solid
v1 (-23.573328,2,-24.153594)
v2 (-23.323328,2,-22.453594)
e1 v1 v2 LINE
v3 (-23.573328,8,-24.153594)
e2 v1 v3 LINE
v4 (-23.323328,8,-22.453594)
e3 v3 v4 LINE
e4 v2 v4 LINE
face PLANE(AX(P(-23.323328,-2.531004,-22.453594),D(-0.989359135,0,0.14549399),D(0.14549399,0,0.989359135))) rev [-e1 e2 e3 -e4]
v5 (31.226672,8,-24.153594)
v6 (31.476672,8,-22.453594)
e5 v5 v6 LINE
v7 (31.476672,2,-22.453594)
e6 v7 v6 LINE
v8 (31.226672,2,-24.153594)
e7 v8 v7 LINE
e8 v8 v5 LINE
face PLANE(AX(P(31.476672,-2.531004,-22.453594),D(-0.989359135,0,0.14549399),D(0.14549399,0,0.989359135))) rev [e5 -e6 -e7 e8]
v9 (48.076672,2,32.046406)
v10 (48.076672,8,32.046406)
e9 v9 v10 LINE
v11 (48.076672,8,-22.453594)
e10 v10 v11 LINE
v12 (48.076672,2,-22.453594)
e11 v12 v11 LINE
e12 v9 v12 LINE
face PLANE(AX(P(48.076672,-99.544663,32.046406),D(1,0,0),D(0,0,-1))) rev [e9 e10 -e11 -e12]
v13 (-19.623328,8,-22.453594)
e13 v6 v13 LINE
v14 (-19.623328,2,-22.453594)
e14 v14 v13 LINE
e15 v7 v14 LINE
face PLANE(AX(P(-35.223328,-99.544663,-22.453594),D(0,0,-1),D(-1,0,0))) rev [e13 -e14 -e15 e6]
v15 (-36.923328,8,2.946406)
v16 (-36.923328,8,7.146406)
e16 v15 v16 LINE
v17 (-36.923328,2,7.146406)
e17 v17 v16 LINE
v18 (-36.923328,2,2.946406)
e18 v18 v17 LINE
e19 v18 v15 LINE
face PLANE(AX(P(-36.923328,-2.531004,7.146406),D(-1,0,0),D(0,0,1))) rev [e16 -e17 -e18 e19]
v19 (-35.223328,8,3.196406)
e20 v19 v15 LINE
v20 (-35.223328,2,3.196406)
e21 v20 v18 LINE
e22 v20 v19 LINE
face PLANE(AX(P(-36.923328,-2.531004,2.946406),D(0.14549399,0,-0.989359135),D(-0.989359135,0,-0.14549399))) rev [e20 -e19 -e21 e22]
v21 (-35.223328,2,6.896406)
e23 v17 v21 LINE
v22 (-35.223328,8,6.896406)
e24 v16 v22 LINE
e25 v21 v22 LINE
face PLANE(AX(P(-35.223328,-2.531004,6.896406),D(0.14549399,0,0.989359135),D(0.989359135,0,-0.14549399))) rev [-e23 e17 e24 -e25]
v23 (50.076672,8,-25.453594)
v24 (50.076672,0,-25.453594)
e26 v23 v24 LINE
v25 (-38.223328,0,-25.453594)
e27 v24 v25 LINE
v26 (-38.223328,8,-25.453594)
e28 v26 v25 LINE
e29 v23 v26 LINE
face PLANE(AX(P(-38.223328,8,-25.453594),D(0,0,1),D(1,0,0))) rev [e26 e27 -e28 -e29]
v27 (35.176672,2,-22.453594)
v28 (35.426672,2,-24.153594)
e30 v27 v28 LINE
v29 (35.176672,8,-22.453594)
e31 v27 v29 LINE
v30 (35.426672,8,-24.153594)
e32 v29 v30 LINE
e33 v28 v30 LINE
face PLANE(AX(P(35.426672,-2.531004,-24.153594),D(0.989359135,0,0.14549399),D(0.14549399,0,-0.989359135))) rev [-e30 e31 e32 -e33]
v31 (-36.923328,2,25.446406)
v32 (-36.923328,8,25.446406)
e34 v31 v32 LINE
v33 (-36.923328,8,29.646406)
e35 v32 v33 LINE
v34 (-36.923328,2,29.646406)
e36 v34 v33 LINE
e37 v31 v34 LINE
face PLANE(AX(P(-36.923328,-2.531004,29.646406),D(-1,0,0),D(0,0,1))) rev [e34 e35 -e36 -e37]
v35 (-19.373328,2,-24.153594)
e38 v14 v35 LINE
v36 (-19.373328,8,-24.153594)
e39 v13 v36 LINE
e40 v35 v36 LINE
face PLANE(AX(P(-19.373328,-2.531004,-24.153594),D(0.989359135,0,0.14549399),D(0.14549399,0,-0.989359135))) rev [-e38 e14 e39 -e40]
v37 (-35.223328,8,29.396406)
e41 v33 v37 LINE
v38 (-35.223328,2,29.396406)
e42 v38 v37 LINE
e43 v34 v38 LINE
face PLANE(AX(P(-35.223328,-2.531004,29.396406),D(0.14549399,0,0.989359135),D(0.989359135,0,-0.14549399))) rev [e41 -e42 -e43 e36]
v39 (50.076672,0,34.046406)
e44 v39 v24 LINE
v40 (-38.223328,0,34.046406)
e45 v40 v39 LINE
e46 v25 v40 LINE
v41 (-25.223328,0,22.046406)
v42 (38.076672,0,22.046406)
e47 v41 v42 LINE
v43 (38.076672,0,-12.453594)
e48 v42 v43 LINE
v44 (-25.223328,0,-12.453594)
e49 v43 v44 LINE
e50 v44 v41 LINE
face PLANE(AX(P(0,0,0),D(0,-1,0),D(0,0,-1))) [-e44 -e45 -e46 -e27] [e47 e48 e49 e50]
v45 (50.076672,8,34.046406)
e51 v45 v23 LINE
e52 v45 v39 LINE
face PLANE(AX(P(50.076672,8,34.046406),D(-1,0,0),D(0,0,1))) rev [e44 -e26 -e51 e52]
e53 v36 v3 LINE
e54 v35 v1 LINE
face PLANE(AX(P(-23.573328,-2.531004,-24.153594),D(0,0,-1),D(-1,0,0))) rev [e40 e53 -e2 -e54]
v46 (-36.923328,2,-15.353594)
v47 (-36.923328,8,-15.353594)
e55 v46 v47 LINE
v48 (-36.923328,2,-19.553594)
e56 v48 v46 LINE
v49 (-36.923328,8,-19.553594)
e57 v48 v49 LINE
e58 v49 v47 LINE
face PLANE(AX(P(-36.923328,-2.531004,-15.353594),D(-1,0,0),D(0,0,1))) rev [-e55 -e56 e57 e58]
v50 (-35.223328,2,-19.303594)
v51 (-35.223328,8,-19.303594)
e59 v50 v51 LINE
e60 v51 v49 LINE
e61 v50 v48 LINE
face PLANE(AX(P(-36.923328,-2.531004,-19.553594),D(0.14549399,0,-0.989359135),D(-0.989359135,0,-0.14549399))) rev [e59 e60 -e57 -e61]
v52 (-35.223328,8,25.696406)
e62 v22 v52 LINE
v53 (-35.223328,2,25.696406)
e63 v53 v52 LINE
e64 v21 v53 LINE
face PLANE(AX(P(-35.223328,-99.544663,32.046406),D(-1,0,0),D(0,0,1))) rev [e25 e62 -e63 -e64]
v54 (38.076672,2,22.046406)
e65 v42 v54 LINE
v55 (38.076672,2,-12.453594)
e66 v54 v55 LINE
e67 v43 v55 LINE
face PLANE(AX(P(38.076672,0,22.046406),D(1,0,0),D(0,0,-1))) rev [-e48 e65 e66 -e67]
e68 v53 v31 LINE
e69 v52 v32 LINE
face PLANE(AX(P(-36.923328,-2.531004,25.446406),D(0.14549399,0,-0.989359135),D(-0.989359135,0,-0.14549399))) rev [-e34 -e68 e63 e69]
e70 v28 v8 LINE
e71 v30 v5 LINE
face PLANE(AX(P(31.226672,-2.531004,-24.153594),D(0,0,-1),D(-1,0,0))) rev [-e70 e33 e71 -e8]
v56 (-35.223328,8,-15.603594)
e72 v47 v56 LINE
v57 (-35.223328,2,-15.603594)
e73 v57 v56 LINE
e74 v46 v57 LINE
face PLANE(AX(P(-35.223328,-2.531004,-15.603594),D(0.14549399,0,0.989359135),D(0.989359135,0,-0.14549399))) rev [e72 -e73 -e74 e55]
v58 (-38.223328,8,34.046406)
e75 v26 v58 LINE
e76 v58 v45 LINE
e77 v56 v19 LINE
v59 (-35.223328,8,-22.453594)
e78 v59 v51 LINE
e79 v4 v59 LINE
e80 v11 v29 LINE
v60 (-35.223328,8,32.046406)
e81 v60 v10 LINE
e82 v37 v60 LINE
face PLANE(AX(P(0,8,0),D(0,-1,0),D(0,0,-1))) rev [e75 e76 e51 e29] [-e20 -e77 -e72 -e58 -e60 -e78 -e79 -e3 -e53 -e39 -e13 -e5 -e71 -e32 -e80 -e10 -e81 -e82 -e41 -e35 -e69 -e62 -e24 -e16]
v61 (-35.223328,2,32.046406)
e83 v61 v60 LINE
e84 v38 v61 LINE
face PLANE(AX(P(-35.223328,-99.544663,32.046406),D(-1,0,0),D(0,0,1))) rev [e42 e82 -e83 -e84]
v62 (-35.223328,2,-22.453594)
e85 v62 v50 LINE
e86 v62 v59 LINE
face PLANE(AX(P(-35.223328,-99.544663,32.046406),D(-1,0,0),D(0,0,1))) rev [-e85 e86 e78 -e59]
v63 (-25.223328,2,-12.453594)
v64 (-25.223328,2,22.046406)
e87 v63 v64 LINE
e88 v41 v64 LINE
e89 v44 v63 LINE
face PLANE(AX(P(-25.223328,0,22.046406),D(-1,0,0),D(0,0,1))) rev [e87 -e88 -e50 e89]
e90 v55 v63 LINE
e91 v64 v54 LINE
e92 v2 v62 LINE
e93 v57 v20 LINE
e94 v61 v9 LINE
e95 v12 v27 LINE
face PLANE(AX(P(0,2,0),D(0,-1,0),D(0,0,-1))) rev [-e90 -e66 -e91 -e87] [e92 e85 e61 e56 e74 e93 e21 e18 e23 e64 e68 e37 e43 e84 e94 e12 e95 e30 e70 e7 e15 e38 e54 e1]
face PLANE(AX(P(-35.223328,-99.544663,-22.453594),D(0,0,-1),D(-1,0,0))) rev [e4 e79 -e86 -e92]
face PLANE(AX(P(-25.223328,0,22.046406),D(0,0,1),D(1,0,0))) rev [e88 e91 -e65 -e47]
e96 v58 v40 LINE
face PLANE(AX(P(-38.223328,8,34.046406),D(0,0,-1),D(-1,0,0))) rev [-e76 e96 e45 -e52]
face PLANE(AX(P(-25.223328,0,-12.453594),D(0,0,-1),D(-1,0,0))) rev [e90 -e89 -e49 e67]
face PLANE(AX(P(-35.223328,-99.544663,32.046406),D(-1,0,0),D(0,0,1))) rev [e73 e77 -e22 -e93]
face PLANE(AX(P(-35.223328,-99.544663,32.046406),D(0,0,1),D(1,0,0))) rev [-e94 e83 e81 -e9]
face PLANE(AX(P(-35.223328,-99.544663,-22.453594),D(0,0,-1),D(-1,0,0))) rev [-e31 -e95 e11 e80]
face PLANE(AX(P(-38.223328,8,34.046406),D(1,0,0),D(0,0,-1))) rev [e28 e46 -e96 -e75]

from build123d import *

# Parameters (mm, degrees)
SKETCH1_W           = 88.3
SKETCH1_H           = 59.5
BOSS_EXTRUDE1_DEPTH = 8
SKETCH2_W           = 83.3
SKETCH2_H           = 54.5
CUT_EXTRUDE1_DEPTH  = 6
CUT_EXTRUDE2_DEPTH  = 6
SKETCH4_W           = 63.3
SKETCH4_H           = 34.5
CUT_EXTRUDE3_DEPTH  = 3


with BuildPart() as part:
    # Sketch1 → Boss-Extrude1 (new body)
    with BuildSketch(Plane(origin=(0, 0, 0), x_dir=(1, 0, 0), z_dir=(0, 1, 0))):
        with Locations((5.926671878, -4.296406043)):
            Rectangle(SKETCH1_W, SKETCH1_H)
    extrude(amount=BOSS_EXTRUDE1_DEPTH)

    # Sketch2 → Cut-Extrude1 (cut)
    with BuildSketch(Plane(origin=(0, 8, 0), x_dir=(1, 0, 0), z_dir=(0, 1, 0))):
        with Locations((6.426671878, -4.796406043)):
            Rectangle(SKETCH2_W, SKETCH2_H)
    extrude(amount=-CUT_EXTRUDE1_DEPTH, mode=Mode.SUBTRACT)

    # Sketch3 → Cut-Extrude2 (cut)
    with BuildSketch(Plane(origin=(0, 8, 0), x_dir=(1, 0, 0), z_dir=(0, 1, 0))):
        Polygon((-35.223328122, -29.396406043), (-36.923328122, -29.646406043), (-36.923328122, -25.446406043), (-35.223328122, -25.696406043), align=None)
        Polygon((-35.223328122, -6.896406043), (-36.923328122, -7.146406043), (-36.923328122, -2.946406043), (-35.223328122, -3.196406043), align=None)
        Polygon((-35.223328122, 15.603593957), (-36.923328122, 15.353593957), (-36.923328122, 19.553593957), (-35.223328122, 19.303593957), align=None)
        Polygon((35.176671878, 22.453593957), (31.476671878, 22.453593957), (31.226671878, 24.153593957), (35.426671878, 24.153593957), align=None)
        Polygon((-23.323328122, 22.453593957), (-23.573328122, 24.153593957), (-19.373328122, 24.153593957), (-19.623328122, 22.453593957), align=None)
    extrude(amount=-CUT_EXTRUDE2_DEPTH, mode=Mode.SUBTRACT)

    # Sketch4 → Cut-Extrude3 (cut, through all)
    with BuildSketch(Plane(origin=(0, 2, 0), x_dir=(1, 0, 0), z_dir=(0, 1, 0))):
        with Locations((6.426671878, -4.796406043)):
            Rectangle(SKETCH4_W, SKETCH4_H)
    extrude(amount=-CUT_EXTRUDE3_DEPTH, mode=Mode.SUBTRACT)


solid = part.part
